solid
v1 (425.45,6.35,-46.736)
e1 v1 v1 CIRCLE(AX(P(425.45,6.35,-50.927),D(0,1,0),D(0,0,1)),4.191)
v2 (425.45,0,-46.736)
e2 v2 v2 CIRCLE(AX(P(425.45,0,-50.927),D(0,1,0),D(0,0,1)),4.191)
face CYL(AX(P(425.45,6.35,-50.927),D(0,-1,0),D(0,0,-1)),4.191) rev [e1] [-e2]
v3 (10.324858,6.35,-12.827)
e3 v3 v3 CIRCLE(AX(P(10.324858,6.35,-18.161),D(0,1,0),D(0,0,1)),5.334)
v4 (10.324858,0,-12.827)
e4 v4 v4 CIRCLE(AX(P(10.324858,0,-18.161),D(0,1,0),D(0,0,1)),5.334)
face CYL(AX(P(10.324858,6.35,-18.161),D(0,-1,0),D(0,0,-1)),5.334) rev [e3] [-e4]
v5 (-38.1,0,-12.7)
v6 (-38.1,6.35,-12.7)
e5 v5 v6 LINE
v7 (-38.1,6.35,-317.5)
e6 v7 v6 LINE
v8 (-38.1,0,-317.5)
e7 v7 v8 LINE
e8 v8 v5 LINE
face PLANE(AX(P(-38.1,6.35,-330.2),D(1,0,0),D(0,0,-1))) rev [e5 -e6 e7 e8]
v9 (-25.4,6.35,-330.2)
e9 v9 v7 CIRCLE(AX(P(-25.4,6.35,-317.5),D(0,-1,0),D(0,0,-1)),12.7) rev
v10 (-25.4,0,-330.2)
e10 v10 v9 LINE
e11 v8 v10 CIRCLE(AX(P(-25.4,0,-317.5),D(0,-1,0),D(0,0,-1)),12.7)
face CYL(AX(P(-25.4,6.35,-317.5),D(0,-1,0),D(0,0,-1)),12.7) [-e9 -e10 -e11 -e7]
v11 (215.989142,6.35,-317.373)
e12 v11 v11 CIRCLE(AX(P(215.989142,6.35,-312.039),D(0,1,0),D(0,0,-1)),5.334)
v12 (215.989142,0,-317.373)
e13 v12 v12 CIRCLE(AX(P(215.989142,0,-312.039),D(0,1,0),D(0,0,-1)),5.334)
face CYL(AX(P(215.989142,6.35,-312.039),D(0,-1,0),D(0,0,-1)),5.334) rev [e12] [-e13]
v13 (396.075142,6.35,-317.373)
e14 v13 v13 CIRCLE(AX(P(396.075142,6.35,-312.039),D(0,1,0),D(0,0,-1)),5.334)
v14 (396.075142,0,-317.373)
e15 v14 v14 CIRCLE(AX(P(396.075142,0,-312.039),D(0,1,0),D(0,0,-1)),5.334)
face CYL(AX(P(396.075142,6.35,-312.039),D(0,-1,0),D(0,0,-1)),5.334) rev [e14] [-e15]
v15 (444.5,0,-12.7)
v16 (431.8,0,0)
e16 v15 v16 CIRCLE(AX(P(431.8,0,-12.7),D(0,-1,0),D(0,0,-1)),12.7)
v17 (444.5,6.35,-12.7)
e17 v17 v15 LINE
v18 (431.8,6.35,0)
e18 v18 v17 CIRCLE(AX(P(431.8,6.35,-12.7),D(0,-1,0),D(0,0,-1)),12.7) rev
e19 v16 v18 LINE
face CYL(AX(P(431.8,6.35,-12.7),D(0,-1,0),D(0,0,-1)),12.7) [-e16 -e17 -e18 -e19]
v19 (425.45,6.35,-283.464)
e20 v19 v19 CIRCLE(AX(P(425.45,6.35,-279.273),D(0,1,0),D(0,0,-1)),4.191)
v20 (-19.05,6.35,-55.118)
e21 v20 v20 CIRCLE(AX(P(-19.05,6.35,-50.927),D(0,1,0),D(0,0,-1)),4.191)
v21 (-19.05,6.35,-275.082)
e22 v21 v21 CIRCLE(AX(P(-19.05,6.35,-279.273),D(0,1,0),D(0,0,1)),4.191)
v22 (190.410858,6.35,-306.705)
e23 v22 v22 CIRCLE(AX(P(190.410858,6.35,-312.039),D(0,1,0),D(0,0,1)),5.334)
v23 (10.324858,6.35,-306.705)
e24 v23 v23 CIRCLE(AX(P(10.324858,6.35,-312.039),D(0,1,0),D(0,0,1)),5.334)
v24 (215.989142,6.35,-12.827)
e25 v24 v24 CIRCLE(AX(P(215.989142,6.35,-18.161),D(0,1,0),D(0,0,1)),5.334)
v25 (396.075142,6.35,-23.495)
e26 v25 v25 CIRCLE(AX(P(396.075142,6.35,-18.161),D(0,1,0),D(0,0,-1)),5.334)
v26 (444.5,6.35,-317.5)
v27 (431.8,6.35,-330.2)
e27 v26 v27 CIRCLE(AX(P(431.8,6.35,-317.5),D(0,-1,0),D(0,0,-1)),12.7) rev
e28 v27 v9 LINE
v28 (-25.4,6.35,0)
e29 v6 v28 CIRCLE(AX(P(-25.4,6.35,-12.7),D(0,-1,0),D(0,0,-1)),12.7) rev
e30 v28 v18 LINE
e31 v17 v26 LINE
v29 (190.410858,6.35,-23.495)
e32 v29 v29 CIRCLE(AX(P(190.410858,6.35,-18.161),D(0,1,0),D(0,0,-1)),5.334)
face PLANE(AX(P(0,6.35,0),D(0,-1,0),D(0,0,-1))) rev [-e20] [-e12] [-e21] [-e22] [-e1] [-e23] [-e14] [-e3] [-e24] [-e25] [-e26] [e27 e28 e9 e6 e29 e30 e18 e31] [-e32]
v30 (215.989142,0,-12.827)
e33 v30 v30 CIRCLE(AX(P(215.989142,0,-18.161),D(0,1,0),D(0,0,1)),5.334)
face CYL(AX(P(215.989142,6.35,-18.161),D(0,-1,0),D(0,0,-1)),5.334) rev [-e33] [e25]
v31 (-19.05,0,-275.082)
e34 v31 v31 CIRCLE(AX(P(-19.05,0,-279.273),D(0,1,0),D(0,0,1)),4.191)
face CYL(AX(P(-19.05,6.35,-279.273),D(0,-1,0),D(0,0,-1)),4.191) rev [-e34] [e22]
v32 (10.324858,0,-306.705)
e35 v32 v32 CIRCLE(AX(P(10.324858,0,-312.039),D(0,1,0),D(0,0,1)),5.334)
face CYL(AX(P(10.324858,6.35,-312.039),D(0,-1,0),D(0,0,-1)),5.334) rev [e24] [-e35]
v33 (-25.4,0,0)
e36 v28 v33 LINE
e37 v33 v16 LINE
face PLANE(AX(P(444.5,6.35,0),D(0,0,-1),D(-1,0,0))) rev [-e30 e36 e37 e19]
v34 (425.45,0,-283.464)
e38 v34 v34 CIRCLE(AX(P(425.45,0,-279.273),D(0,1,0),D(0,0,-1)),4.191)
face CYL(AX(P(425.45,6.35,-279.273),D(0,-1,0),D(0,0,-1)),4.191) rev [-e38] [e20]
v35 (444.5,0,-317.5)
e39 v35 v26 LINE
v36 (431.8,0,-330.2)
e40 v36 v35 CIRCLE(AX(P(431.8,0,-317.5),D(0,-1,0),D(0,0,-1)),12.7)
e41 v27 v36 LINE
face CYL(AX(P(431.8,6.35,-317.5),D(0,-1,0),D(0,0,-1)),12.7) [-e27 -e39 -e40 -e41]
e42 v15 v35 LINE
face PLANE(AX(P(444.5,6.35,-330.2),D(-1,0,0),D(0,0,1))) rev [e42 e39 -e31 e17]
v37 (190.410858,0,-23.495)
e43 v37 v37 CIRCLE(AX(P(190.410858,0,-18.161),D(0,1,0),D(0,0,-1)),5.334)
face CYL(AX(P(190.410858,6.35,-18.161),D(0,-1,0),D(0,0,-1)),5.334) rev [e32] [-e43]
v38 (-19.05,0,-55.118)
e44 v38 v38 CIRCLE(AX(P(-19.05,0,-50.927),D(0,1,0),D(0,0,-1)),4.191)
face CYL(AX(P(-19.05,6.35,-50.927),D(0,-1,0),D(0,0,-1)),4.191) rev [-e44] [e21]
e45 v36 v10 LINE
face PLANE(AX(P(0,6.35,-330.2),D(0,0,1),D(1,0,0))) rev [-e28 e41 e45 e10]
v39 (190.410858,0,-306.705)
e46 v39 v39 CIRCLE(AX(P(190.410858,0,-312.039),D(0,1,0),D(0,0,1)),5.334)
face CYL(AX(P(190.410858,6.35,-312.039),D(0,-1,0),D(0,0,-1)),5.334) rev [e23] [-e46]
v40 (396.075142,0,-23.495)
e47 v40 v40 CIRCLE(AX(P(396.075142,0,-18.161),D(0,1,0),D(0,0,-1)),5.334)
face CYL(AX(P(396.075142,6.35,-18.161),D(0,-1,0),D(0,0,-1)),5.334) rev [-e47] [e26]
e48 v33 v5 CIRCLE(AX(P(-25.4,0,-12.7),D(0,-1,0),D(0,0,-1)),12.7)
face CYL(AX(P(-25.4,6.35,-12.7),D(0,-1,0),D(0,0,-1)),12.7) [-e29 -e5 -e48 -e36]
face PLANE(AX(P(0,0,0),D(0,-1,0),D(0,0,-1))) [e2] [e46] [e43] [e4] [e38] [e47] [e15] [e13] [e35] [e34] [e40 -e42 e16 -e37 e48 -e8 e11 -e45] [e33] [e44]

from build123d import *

# Parameters (mm, degrees)
SKETCH1_R           = 5.334
SKETCH1_R_2         = 4.191
BOSS_EXTRUDE1_DEPTH = 6.35
FILLET1_R           = 12.7


with BuildPart() as part:
    # Sketch1 → Boss-Extrude1 (new body)
    with BuildSketch(Plane(origin=(0, 0, 0), x_dir=(1, 0, 0), z_dir=(0, 1, 0))):
        Polygon((0, 0), (406.4, 0), (444.5, 0), (444.5, 330.2), (406.4, 330.2), (0, 330.2), (-38.1, 330.2), (-38.1, 0), align=None)
        with Locations(Location((10.324858278, 312.039, 0), (0, 0, 270))):
            Circle(SKETCH1_R, mode=Mode.SUBTRACT)
        with Locations(Location((10.324858278, 18.161, 0), (0, 0, 270))):
            Circle(SKETCH1_R, mode=Mode.SUBTRACT)
        with Locations(Location((190.410858278, 312.039, 0), (0, 0, 270))):
            Circle(SKETCH1_R, mode=Mode.SUBTRACT)
        with Locations(Location((190.410858278, 18.161, 0), (0, 0, 90))):
            Circle(SKETCH1_R, mode=Mode.SUBTRACT)
        with Locations(Location((215.989141722, 18.161, 0), (0, 0, 270))):
            Circle(SKETCH1_R, mode=Mode.SUBTRACT)
        with Locations(Location((396.075141722, 18.161, 0), (0, 0, 90))):
            Circle(SKETCH1_R, mode=Mode.SUBTRACT)
        with Locations(Location((215.989141722, 312.039, 0), (0, 0, 90))):
            Circle(SKETCH1_R, mode=Mode.SUBTRACT)
        with Locations(Location((396.075141722, 312.039, 0), (0, 0, 90))):
            Circle(SKETCH1_R, mode=Mode.SUBTRACT)
        with Locations(Location((-19.05, 279.273, 0), (0, 0, 270))):
            Circle(SKETCH1_R_2, mode=Mode.SUBTRACT)
        with Locations(Location((-19.05, 50.927, 0), (0, 0, 90))):
            Circle(SKETCH1_R_2, mode=Mode.SUBTRACT)
        with Locations(Location((425.45, 50.927, 0), (0, 0, 270))):
            Circle(SKETCH1_R_2, mode=Mode.SUBTRACT)
        with Locations(Location((425.45, 279.273, 0), (0, 0, 90))):
            Circle(SKETCH1_R_2, mode=Mode.SUBTRACT)
    extrude(amount=BOSS_EXTRUDE1_DEPTH)

    # Fillet1
    fillet1_edges = [part.edges().sort_by_distance(p)[0] for p in [
        (-38.1, 3.175, 0),
        (-38.1, 3.175, -330.2),
        (444.5, 3.175, -330.2),
        (444.5, 3.175, 0),
    ]]
    fillet(fillet1_edges, radius=FILLET1_R)


solid = part.part
